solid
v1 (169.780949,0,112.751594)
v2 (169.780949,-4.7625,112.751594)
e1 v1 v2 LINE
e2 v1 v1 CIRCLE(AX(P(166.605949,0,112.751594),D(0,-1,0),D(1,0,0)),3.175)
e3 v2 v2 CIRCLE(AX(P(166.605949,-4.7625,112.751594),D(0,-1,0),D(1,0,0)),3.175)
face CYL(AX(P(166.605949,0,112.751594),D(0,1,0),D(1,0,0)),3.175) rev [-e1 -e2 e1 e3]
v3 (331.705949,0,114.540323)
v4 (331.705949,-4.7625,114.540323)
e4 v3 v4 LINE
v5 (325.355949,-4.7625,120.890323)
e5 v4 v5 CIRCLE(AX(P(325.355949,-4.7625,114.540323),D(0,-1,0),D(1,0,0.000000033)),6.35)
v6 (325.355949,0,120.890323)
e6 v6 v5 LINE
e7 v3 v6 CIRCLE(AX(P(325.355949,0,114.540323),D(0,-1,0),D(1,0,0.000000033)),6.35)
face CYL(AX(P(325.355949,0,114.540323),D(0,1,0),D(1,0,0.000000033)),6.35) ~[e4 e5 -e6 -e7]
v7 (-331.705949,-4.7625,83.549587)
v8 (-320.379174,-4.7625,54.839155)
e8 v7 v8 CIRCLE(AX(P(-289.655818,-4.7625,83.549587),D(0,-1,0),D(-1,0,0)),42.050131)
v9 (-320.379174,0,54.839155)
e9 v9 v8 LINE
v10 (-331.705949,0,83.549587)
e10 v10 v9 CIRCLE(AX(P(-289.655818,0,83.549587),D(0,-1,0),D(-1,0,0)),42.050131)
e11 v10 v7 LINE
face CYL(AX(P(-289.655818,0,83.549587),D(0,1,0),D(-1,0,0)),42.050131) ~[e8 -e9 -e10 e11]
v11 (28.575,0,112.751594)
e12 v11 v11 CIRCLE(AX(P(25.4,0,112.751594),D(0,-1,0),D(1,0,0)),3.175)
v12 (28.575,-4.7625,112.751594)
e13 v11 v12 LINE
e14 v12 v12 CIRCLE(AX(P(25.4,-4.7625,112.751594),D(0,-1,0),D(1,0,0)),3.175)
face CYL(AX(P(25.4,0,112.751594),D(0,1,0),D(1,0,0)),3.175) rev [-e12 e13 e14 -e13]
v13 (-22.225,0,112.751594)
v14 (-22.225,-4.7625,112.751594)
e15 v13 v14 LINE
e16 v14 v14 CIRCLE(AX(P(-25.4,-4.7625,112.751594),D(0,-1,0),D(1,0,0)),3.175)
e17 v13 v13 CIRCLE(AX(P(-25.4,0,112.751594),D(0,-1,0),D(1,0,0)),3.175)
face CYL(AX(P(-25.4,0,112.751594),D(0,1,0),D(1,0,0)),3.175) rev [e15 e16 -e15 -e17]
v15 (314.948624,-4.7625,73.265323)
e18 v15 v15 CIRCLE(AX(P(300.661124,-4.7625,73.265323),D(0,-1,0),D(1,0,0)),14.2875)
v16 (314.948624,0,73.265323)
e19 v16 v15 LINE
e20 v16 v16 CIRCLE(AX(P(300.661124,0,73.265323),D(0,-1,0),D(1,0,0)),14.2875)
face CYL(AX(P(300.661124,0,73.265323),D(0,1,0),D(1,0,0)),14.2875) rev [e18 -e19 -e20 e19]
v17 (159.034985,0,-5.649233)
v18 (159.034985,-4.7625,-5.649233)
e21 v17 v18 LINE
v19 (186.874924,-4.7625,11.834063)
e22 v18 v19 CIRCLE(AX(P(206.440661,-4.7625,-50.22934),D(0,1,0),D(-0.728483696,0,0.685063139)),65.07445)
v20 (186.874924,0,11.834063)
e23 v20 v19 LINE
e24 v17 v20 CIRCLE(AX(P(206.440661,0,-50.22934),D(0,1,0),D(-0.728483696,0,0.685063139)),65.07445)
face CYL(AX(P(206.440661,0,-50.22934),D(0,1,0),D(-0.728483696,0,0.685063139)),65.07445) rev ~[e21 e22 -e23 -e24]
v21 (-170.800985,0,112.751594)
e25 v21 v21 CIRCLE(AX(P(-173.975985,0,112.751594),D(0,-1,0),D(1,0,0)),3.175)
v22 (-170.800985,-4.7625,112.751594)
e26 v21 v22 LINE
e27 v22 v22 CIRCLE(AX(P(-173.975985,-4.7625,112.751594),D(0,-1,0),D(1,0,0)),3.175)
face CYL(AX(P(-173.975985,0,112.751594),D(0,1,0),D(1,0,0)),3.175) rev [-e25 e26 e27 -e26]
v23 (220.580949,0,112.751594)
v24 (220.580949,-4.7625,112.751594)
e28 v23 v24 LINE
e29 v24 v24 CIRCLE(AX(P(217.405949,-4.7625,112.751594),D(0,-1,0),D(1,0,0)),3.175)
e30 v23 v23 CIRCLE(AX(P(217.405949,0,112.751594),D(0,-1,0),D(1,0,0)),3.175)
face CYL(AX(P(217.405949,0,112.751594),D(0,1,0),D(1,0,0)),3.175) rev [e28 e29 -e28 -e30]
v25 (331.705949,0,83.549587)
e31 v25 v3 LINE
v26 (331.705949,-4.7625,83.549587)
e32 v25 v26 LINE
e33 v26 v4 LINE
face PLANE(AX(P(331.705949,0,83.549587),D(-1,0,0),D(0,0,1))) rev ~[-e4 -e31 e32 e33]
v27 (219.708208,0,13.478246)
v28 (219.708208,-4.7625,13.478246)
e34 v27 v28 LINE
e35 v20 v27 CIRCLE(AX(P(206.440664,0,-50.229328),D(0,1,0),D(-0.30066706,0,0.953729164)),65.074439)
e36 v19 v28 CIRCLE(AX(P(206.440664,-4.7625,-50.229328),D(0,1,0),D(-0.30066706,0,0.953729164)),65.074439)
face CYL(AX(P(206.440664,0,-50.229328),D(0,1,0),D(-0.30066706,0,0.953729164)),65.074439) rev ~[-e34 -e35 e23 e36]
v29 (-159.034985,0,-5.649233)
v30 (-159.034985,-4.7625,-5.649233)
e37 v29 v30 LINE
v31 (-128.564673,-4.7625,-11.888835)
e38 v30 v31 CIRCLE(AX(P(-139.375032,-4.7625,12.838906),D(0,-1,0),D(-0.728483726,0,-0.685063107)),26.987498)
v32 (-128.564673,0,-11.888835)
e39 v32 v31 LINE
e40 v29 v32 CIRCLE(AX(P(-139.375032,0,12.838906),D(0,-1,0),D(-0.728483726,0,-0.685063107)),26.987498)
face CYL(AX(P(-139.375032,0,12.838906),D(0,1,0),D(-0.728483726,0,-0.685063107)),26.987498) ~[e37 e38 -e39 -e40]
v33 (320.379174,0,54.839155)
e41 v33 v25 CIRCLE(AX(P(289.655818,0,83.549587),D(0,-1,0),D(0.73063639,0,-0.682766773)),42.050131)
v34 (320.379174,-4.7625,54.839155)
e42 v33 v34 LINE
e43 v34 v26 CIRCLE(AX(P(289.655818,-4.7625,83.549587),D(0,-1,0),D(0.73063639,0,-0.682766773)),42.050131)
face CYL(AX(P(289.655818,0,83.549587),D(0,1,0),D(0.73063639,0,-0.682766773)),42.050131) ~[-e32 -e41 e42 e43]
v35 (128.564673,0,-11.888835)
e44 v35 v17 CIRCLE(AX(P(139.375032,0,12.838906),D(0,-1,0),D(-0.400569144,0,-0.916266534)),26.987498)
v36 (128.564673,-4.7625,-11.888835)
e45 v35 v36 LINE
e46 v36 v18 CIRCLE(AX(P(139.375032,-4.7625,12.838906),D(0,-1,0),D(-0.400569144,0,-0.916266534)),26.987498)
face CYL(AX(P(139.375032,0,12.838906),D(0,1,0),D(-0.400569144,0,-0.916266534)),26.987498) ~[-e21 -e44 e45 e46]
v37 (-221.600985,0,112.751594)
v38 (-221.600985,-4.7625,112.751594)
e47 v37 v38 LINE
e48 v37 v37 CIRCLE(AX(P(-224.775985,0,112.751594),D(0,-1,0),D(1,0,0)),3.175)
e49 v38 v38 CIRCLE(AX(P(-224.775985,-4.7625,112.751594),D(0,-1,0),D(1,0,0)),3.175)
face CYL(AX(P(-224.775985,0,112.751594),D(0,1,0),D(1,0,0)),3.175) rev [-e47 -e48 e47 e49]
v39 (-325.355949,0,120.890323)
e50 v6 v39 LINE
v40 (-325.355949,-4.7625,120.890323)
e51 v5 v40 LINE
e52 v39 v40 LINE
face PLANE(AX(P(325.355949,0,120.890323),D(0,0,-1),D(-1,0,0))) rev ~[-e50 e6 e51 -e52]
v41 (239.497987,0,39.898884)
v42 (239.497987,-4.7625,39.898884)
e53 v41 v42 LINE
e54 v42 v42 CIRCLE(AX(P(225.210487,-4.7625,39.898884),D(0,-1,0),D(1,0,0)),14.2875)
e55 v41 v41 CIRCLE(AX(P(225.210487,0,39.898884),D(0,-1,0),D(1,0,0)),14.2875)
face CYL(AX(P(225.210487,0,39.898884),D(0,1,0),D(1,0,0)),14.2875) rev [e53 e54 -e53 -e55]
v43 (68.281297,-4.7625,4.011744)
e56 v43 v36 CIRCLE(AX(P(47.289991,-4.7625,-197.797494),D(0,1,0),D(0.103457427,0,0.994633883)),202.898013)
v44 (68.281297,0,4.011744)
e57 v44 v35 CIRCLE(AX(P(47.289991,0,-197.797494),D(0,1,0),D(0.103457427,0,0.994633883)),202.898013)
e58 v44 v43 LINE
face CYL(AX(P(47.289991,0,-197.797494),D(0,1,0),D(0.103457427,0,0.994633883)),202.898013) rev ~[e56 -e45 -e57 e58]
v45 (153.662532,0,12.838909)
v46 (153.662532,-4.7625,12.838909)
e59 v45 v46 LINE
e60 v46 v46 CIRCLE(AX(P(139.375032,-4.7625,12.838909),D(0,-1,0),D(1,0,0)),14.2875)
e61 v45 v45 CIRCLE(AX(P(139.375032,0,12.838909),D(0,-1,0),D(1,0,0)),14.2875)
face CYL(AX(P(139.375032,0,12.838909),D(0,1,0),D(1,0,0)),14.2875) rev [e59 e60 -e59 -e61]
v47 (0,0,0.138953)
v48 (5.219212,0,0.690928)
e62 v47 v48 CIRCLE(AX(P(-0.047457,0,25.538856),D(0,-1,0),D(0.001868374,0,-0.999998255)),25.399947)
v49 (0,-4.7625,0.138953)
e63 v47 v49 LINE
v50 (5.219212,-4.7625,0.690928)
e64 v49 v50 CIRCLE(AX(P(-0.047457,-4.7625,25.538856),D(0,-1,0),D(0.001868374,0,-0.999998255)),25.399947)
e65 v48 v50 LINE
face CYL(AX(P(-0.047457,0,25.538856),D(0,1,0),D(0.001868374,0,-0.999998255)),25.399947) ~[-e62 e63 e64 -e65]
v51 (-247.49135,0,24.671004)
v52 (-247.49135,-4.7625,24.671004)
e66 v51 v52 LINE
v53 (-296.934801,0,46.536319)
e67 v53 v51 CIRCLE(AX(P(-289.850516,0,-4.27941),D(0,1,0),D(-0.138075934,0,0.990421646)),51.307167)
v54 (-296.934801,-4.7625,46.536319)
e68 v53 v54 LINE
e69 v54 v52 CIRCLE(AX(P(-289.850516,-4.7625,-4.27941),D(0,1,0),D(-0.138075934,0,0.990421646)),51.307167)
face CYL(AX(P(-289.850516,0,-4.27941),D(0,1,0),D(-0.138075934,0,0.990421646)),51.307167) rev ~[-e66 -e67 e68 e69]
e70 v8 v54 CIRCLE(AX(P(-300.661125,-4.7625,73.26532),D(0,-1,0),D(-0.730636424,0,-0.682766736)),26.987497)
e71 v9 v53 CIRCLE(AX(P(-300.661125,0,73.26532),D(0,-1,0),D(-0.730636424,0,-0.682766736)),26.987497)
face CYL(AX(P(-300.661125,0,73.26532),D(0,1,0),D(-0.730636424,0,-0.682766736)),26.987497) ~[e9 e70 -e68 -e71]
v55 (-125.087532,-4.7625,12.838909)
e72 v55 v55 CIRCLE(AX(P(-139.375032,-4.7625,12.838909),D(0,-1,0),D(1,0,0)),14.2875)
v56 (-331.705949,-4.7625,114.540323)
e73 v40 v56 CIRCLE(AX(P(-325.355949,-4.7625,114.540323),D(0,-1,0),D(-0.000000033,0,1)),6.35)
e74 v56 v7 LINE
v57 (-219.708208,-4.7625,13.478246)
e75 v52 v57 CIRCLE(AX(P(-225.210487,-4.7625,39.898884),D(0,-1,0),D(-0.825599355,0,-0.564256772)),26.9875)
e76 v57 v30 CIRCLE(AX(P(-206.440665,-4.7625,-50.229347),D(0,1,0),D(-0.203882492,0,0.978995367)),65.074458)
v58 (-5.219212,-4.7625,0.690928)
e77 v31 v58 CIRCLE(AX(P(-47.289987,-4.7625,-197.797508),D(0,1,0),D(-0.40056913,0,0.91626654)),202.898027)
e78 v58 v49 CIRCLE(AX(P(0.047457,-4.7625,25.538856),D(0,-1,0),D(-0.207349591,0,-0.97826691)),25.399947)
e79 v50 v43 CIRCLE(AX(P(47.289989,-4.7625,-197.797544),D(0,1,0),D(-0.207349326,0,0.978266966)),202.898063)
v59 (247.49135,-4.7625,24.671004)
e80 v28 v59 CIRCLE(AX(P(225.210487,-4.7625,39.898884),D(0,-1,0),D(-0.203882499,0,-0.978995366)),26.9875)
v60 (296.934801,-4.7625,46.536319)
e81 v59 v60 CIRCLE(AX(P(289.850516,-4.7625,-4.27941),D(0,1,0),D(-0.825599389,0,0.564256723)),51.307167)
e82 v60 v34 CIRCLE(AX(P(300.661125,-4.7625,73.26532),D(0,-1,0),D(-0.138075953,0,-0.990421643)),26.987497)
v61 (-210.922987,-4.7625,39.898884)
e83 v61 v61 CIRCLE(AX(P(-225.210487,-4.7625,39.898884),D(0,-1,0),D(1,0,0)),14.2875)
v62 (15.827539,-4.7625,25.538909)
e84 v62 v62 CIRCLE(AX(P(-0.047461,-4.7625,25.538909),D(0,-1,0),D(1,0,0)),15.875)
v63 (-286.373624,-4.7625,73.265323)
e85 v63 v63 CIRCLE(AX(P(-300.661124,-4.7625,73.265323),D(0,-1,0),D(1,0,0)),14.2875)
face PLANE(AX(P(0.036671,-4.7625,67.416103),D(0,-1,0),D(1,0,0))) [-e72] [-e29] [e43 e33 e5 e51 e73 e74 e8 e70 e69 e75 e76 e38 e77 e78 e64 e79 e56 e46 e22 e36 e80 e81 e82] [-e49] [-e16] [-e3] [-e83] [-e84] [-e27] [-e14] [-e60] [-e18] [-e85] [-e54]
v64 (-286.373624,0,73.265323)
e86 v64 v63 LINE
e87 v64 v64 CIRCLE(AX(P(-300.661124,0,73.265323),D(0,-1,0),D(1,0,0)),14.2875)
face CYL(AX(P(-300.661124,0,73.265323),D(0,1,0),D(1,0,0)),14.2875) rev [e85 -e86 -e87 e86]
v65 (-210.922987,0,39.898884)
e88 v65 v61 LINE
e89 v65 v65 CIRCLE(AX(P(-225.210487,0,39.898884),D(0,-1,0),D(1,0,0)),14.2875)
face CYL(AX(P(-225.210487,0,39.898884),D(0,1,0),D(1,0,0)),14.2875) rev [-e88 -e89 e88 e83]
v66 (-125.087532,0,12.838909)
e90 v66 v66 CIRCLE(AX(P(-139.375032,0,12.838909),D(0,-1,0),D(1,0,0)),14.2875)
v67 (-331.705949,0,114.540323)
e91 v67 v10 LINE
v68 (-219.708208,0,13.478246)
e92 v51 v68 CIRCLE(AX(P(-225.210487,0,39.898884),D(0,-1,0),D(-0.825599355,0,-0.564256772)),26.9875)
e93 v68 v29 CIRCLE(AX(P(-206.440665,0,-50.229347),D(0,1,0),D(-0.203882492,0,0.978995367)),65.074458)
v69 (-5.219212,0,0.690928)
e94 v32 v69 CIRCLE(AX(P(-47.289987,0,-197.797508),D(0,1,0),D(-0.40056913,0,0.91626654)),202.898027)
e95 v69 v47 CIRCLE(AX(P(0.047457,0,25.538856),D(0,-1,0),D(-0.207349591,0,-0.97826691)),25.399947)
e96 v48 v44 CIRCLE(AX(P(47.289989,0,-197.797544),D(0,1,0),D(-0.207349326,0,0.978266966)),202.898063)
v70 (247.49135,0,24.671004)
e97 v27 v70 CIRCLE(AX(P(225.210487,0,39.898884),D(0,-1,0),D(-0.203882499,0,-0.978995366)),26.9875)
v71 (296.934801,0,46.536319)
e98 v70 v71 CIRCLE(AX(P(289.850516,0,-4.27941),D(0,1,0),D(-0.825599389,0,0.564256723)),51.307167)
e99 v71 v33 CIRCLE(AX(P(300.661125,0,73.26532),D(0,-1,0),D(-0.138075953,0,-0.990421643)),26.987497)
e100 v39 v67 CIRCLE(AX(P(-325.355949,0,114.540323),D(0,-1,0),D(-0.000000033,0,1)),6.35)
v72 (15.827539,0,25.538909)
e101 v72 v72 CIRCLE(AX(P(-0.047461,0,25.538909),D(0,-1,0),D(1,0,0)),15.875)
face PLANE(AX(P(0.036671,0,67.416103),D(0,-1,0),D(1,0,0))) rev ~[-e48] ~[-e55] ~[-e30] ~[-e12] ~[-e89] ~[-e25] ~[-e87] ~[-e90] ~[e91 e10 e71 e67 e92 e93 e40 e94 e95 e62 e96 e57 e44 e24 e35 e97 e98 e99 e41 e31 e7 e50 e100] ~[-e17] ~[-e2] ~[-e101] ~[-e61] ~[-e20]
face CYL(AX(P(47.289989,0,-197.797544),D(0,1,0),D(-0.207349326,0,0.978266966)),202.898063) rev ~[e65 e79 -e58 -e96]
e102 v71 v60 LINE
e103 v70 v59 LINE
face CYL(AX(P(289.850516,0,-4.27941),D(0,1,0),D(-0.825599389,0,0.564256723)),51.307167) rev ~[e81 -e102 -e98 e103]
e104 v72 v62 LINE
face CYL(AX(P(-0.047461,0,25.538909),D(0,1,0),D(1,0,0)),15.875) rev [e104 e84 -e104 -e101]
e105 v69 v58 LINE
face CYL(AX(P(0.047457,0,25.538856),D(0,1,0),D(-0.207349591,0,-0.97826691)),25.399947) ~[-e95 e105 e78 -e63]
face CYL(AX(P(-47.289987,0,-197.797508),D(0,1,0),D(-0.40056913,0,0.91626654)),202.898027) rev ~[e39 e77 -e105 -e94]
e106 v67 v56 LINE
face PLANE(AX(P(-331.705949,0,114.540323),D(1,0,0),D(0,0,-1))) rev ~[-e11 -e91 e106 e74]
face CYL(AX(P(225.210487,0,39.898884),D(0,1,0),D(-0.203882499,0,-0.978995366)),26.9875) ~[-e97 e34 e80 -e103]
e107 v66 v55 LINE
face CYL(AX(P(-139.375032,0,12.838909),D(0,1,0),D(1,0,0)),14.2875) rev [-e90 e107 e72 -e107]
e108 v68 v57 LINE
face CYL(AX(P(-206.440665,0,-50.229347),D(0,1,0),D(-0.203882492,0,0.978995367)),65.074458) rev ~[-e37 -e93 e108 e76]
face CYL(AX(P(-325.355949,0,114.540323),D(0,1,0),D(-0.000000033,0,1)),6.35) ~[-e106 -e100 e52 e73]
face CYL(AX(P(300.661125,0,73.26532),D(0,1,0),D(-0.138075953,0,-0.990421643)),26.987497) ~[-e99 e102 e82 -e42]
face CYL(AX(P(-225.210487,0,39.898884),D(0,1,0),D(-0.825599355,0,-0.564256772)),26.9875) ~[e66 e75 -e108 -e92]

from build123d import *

# Parameters (mm, degrees)
F0_R     = 14.2875
F0_R_2   = 15.875
F0_R_3   = 3.175
F1_DEPTH = 4.7625


with BuildPart() as f1:
    # F0 (on Front) → F1 (new body)
    with BuildSketch(Plane.XZ):
        with BuildLine():
            ThreePointArc((320.379174, 54.839155), (328.771893, 68.117601), (331.705949, 83.549587))
            Line((331.705949, 83.549587), (331.705949, 114.540323))
            ThreePointArc((331.705949, 114.540323), (329.846077, 119.030451), (325.355949, 120.890323))
            Line((325.355949, 120.890323), (0, 120.890323))
            Line((0, 120.890323), (-325.355949, 120.890323))
            ThreePointArc((-325.355949, 120.890323), (-329.846077, 119.030451), (-331.705949, 114.540323))
            Line((-331.705949, 114.540323), (-331.705949, 83.549587))
            ThreePointArc((-331.705949, 83.549587), (-328.771893, 68.117601), (-320.379174, 54.839155))
            ThreePointArc((-320.379174, 54.839155), (-309.670458, 47.826041), (-296.934801, 46.536319))
            ThreePointArc((-296.934801, 46.536319), (-269.099557, 42.644178), (-247.49135, 24.671004))
            ThreePointArc((-247.49135, 24.671004), (-235.295113, 14.866395), (-219.708208, 13.478246))
            ThreePointArc((-219.708208, 13.478246), (-186.874924, 11.834063), (-159.034985, -5.649233))
            ThreePointArc((-159.034985, -5.649233), (-144.789086, -13.599949), (-128.564673, -11.888835))
            ThreePointArc((-128.564673, -11.888835), (-67.876372, 4.053452), (-5.219212, 0.690928))
            ThreePointArc((-5.219212, 0.690928), (-2.623901, 0.279775), (0, 0.138953))
            ThreePointArc((0, 0.138953), (2.623901, 0.279775), (5.219212, 0.690928))
            ThreePointArc((5.219212, 0.690928), (36.620267, 4.819782), (68.281297, 4.011744))
            ThreePointArc((68.281297, 4.011744), (99.037359, -1.609285), (128.564673, -11.888835))
            ThreePointArc((128.564673, -11.888835), (144.789086, -13.599949), (159.034985, -5.649233))
            ThreePointArc((159.034985, -5.649233), (171.832729, 4.879417), (186.874924, 11.834063))
            ThreePointArc((186.874924, 11.834063), (203.186029, 14.763672), (219.708208, 13.478246))
            ThreePointArc((219.708208, 13.478246), (235.295113, 14.866395), (247.49135, 24.671004))
            ThreePointArc((247.49135, 24.671004), (269.099557, 42.644178), (296.934801, 46.536319))
            ThreePointArc((296.934801, 46.536319), (309.670458, 47.826041), (320.379174, 54.839155))
        make_face()
        with Locations((-139.375032, 12.838909)):
            Circle(F0_R, mode=Mode.SUBTRACT)
        with Locations((-225.210487, 39.898884)):
            Circle(F0_R, mode=Mode.SUBTRACT)
        with Locations((-0.047461, 25.538909)):
            Circle(F0_R_2, mode=Mode.SUBTRACT)
        with Locations((139.375032, 12.838909)):
            Circle(F0_R, mode=Mode.SUBTRACT)
        with Locations((225.210487, 39.898884)):
            Circle(F0_R, mode=Mode.SUBTRACT)
        with Locations((-300.661124, 73.265323)):
            Circle(F0_R, mode=Mode.SUBTRACT)
        with Locations((-224.775985, 112.751594)):
            Circle(F0_R_3, mode=Mode.SUBTRACT)
        with Locations((-173.975985, 112.751594)):
            Circle(F0_R_3, mode=Mode.SUBTRACT)
        with Locations((-25.4, 112.751594)):
            Circle(F0_R_3, mode=Mode.SUBTRACT)
        with Locations((300.661124, 73.265323)):
            Circle(F0_R, mode=Mode.SUBTRACT)
        with Locations((25.4, 112.751594)):
            Circle(F0_R_3, mode=Mode.SUBTRACT)
        with Locations((166.605949, 112.751594)):
            Circle(F0_R_3, mode=Mode.SUBTRACT)
        with Locations((217.405949, 112.751594)):
            Circle(F0_R_3, mode=Mode.SUBTRACT)
    extrude(amount=F1_DEPTH)


solid = f1.part
